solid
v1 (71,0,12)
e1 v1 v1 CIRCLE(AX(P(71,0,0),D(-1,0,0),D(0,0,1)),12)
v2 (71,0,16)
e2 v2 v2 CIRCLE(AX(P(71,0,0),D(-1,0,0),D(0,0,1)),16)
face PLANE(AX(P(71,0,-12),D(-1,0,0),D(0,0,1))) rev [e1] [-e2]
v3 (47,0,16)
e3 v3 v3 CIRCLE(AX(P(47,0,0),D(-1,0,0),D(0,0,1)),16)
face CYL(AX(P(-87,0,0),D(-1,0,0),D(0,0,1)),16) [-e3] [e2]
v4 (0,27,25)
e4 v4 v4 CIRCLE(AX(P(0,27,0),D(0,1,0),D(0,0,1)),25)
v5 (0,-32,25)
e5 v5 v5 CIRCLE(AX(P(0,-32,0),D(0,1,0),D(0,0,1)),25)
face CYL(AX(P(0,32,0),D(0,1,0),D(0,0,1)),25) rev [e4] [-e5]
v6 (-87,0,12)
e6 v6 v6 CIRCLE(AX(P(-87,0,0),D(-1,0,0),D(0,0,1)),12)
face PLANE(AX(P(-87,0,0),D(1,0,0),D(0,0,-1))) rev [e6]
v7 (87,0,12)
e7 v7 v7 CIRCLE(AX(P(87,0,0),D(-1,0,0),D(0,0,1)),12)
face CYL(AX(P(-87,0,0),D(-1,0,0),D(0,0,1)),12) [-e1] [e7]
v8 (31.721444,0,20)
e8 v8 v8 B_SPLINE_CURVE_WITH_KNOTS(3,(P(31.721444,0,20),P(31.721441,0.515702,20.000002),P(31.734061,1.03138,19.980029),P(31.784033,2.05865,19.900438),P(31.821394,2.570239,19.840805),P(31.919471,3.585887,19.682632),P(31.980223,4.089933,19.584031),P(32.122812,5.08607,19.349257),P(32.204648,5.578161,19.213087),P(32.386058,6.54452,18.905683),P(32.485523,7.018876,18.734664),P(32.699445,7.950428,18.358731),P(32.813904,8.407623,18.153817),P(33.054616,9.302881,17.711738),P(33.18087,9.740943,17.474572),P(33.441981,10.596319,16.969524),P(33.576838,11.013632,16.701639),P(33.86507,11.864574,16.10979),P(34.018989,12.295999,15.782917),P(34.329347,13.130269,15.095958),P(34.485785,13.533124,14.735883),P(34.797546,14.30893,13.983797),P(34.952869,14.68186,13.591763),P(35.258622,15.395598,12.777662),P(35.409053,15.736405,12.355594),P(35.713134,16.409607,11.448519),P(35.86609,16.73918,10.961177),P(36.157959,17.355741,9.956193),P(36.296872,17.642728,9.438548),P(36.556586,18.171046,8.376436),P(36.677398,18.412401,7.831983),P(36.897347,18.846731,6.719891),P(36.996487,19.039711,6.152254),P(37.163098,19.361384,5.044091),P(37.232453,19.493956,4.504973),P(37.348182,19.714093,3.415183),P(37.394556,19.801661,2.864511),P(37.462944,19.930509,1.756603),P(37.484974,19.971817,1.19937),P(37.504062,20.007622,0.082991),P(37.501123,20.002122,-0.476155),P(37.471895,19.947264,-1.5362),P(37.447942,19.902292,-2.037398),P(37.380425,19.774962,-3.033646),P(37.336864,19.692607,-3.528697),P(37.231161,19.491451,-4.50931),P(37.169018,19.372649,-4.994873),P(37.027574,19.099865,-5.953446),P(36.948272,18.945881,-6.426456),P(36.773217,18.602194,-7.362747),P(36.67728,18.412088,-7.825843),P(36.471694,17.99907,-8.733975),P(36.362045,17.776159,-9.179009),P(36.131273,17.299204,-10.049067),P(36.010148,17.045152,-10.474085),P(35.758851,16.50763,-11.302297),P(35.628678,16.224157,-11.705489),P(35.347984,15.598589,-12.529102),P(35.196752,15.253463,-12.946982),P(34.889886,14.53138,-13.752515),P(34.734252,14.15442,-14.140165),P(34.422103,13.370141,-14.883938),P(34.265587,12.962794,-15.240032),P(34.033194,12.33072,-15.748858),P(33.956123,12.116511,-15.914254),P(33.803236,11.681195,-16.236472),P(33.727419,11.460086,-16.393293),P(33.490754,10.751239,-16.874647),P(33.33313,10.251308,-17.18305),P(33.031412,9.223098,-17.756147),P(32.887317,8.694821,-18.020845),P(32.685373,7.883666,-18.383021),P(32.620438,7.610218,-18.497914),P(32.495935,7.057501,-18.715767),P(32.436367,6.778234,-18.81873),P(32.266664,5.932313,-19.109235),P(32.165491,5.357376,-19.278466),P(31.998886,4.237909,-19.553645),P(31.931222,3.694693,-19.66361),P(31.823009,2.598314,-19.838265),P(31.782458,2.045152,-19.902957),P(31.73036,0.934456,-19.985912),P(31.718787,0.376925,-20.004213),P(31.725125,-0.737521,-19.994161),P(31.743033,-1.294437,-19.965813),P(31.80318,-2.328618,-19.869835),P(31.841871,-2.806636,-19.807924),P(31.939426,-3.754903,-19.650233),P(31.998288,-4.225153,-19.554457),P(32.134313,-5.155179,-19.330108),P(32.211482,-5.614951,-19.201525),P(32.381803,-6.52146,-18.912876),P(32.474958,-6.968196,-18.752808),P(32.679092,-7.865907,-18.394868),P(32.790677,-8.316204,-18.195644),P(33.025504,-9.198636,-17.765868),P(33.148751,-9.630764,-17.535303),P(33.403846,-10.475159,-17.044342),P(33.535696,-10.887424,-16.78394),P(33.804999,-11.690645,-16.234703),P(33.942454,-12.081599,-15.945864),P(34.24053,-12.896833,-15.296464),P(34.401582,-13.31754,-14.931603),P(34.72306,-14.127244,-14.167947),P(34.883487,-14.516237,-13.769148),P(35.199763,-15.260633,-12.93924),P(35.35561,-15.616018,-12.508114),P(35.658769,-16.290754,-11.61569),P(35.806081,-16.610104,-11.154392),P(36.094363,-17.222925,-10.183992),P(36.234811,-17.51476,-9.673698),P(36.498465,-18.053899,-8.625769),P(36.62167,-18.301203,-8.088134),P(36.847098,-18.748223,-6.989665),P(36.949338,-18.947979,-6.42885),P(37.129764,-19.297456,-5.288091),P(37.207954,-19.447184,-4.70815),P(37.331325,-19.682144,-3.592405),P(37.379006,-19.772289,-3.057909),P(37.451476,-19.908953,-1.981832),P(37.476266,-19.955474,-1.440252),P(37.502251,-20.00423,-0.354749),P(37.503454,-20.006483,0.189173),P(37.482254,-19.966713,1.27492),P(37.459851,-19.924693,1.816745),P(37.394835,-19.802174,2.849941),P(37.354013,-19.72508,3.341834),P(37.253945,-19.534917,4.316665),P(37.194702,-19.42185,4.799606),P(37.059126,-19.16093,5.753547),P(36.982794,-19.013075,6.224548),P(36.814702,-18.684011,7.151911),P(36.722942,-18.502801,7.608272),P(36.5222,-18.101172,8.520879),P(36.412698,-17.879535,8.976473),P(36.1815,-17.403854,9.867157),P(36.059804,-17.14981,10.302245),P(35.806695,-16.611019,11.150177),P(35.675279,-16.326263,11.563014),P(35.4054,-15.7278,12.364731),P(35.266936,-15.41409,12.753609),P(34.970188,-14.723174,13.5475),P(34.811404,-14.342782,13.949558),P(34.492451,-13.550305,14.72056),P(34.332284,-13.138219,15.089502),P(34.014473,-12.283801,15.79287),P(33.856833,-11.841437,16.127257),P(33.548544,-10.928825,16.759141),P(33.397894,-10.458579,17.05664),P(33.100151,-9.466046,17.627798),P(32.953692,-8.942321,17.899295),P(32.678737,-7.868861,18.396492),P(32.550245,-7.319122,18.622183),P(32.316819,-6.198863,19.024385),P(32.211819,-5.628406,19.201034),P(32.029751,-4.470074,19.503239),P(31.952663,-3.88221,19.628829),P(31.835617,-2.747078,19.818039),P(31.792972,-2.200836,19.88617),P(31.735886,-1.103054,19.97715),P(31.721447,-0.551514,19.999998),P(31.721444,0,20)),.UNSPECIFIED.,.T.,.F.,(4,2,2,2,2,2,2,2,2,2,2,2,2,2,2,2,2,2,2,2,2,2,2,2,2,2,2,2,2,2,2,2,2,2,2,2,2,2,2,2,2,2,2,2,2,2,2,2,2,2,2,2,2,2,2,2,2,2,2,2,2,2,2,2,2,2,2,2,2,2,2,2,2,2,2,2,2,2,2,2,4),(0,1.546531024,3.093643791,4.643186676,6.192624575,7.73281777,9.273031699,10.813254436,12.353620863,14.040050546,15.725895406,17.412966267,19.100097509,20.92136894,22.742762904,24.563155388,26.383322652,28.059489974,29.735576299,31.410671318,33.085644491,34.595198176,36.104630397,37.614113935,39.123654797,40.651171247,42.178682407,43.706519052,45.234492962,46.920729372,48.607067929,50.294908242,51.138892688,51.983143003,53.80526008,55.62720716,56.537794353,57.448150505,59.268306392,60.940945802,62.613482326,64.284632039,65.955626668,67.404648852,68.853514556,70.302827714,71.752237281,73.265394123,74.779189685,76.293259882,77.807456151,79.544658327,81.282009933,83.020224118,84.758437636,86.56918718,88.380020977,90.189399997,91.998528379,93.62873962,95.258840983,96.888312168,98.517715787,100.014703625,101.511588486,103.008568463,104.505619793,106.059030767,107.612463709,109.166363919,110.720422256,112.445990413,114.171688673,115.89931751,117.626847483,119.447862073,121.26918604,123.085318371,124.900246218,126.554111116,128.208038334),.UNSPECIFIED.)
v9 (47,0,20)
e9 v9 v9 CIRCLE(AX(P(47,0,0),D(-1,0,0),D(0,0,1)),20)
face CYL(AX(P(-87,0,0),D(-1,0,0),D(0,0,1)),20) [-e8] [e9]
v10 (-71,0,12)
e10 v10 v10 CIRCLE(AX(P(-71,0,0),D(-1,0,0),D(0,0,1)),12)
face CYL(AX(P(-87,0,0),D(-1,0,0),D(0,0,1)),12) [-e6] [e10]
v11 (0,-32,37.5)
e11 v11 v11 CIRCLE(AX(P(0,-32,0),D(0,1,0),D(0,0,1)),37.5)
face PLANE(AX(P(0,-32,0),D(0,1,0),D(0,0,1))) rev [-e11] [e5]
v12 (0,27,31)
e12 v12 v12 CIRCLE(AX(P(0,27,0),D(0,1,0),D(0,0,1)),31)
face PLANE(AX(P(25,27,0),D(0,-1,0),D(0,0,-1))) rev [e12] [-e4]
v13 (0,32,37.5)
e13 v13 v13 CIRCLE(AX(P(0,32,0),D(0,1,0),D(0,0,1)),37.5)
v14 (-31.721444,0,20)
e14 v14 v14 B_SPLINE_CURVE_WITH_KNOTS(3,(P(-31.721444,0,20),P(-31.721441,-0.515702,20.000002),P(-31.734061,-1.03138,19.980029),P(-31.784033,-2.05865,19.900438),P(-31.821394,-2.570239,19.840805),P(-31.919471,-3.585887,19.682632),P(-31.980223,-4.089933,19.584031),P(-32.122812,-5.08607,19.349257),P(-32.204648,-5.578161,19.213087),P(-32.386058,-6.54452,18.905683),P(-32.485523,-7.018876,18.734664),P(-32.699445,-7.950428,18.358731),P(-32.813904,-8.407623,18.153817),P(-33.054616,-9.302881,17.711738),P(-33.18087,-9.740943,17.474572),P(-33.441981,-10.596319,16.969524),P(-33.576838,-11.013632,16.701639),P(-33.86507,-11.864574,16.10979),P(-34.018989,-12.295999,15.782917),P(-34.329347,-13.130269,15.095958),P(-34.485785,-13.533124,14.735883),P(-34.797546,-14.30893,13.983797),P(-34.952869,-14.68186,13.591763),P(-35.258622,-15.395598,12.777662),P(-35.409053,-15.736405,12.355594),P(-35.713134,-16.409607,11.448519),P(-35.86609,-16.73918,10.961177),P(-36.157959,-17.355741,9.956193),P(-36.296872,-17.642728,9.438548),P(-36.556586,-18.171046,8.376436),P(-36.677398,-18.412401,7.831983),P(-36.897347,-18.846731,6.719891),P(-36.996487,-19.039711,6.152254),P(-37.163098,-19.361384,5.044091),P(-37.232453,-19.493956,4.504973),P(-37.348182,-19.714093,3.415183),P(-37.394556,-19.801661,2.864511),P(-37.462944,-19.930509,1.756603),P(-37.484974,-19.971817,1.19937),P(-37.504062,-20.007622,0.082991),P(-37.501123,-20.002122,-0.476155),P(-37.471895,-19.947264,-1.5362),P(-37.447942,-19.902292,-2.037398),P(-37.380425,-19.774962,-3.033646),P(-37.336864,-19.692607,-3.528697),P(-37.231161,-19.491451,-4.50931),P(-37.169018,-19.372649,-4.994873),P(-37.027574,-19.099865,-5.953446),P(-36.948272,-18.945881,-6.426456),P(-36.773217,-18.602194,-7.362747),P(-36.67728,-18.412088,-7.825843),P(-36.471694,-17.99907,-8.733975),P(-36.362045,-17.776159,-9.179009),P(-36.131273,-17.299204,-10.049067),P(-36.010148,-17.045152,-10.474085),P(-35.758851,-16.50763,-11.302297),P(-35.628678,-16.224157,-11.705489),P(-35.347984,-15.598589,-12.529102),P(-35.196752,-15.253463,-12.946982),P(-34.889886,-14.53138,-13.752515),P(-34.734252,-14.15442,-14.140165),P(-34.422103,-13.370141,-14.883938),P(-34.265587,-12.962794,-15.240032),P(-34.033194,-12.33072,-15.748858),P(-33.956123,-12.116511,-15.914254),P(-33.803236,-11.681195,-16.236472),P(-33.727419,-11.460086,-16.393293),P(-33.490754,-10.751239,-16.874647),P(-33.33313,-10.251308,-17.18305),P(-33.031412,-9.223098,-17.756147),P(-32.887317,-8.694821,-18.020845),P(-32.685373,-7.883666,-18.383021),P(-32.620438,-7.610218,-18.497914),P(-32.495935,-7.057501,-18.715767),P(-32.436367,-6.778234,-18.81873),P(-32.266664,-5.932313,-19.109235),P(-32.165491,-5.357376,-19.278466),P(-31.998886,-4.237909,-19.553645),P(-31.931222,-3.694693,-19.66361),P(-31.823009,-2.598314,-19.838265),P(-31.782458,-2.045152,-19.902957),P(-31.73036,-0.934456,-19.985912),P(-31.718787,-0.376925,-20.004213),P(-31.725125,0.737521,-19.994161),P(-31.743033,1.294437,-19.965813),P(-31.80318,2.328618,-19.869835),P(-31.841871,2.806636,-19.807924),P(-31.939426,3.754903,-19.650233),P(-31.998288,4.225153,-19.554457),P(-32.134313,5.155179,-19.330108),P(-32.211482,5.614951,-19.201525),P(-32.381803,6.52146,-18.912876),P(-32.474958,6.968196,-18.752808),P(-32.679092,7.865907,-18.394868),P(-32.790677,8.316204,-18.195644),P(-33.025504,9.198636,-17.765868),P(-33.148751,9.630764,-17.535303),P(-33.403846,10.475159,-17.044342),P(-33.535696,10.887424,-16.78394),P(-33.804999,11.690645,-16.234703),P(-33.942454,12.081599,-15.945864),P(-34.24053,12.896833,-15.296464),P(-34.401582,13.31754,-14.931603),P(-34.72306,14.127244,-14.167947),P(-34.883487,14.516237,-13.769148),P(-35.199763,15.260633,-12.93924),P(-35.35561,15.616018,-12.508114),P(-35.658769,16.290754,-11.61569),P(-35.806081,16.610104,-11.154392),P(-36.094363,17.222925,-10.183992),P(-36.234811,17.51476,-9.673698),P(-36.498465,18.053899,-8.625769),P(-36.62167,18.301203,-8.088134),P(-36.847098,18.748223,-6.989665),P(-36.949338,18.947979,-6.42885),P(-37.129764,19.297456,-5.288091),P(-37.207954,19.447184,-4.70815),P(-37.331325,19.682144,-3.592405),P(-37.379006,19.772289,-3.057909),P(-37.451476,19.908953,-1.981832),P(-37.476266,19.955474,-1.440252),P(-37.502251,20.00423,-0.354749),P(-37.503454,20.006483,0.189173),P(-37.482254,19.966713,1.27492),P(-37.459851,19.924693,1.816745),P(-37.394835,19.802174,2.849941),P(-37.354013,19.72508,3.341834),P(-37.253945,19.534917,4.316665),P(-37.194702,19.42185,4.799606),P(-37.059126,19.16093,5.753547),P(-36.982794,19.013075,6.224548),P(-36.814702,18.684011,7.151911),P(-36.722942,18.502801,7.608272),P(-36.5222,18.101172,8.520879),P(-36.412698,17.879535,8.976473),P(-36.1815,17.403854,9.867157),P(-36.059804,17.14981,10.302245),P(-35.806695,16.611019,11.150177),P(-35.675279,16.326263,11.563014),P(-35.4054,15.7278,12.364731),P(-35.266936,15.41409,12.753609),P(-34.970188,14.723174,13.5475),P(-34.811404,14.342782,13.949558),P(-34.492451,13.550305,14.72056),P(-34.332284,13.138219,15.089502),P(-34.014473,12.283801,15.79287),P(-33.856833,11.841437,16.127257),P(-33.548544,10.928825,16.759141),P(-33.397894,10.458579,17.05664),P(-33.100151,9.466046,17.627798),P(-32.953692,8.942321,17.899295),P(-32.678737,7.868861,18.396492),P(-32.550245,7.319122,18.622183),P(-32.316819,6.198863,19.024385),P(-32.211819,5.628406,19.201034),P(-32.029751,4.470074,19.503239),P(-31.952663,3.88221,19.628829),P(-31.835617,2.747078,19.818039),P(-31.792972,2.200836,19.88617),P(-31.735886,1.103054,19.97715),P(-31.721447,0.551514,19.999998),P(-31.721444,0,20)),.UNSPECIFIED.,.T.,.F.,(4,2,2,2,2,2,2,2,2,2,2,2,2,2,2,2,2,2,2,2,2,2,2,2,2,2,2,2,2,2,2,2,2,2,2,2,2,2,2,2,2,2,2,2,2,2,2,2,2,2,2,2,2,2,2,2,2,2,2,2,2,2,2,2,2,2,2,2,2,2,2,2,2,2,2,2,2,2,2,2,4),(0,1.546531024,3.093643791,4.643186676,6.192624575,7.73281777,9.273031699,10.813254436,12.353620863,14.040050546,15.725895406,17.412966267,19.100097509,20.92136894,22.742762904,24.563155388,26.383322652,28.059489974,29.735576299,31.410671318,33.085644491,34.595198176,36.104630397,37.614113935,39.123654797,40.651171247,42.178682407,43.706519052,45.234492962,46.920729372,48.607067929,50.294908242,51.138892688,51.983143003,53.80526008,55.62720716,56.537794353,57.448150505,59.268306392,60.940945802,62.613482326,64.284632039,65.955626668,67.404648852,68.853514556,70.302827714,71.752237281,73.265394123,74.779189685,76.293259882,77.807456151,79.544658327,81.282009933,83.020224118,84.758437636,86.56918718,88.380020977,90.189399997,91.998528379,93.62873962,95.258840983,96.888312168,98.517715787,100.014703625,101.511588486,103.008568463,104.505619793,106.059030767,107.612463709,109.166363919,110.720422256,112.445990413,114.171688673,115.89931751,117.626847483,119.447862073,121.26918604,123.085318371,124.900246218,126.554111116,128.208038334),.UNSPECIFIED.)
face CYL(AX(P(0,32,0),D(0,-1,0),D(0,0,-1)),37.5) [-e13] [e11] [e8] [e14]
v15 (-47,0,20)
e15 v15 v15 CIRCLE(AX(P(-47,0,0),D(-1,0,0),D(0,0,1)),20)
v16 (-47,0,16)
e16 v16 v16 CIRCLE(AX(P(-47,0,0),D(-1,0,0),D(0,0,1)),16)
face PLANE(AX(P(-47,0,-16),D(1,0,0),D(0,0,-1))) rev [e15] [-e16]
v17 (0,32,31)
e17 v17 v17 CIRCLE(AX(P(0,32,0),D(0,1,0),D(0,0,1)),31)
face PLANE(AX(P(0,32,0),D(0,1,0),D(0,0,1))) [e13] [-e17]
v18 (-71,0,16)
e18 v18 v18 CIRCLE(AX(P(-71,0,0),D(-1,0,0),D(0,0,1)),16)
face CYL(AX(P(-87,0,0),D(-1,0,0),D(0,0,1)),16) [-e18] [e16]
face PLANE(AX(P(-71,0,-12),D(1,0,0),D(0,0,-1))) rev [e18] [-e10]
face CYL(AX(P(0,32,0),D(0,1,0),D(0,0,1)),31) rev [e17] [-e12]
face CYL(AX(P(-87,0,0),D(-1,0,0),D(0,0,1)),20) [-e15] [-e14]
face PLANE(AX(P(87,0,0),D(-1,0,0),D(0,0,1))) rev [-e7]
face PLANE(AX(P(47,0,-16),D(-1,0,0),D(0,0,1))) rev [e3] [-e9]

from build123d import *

# Parameters (mm, degrees)
SKETCH2_R           = 37.5
BOSS_EXTRUDE1_DEPTH = 32
HOLE1_D             = 50
HOLE1_CBORE_D       = 62
HOLE1_CBORE_DEPTH   = 5


with BuildPart() as part:
    # Sketch1 → Revolve1 (revolve)
    with BuildSketch(Plane(origin=(0, 0, 0), x_dir=(1, 0, 0), z_dir=(0, 1, 0)), mode=Mode.PRIVATE) as revolve1_sk:
        Polygon((-87, 0), (-87, 12), (-71, 12), (-71, 16), (-47, 16), (-47, 20), (47, 20), (47, 16), (71, 16), (71, 12), (87, 12), (87, 0), align=None)
    revolve(revolve1_sk.sketch.rotate(Axis((-87, 0, 0), (1, 0, 0)), 180), axis=Axis((-87, 0, 0), (1, 0, 0)))

    # Sketch2 → Boss-Extrude1 (add, symmetric)
    with BuildSketch(Plane(origin=(0, 0, 0), x_dir=(1, 0, 0), z_dir=(0, 1, 0))):
        with Locations(Location((0, 0, 0), (0, 0, 270))):
            Circle(SKETCH2_R)
    extrude(amount=BOSS_EXTRUDE1_DEPTH, both=True)

    # Hole1 (through all)
    with Locations(Plane(origin=(0, 32, 0), x_dir=(1, 0, 0), z_dir=(0, 1, 0))):
        with Locations((0, 0)):
            CounterBoreHole(HOLE1_D / 2, HOLE1_CBORE_D / 2, HOLE1_CBORE_DEPTH)


solid = part.part
